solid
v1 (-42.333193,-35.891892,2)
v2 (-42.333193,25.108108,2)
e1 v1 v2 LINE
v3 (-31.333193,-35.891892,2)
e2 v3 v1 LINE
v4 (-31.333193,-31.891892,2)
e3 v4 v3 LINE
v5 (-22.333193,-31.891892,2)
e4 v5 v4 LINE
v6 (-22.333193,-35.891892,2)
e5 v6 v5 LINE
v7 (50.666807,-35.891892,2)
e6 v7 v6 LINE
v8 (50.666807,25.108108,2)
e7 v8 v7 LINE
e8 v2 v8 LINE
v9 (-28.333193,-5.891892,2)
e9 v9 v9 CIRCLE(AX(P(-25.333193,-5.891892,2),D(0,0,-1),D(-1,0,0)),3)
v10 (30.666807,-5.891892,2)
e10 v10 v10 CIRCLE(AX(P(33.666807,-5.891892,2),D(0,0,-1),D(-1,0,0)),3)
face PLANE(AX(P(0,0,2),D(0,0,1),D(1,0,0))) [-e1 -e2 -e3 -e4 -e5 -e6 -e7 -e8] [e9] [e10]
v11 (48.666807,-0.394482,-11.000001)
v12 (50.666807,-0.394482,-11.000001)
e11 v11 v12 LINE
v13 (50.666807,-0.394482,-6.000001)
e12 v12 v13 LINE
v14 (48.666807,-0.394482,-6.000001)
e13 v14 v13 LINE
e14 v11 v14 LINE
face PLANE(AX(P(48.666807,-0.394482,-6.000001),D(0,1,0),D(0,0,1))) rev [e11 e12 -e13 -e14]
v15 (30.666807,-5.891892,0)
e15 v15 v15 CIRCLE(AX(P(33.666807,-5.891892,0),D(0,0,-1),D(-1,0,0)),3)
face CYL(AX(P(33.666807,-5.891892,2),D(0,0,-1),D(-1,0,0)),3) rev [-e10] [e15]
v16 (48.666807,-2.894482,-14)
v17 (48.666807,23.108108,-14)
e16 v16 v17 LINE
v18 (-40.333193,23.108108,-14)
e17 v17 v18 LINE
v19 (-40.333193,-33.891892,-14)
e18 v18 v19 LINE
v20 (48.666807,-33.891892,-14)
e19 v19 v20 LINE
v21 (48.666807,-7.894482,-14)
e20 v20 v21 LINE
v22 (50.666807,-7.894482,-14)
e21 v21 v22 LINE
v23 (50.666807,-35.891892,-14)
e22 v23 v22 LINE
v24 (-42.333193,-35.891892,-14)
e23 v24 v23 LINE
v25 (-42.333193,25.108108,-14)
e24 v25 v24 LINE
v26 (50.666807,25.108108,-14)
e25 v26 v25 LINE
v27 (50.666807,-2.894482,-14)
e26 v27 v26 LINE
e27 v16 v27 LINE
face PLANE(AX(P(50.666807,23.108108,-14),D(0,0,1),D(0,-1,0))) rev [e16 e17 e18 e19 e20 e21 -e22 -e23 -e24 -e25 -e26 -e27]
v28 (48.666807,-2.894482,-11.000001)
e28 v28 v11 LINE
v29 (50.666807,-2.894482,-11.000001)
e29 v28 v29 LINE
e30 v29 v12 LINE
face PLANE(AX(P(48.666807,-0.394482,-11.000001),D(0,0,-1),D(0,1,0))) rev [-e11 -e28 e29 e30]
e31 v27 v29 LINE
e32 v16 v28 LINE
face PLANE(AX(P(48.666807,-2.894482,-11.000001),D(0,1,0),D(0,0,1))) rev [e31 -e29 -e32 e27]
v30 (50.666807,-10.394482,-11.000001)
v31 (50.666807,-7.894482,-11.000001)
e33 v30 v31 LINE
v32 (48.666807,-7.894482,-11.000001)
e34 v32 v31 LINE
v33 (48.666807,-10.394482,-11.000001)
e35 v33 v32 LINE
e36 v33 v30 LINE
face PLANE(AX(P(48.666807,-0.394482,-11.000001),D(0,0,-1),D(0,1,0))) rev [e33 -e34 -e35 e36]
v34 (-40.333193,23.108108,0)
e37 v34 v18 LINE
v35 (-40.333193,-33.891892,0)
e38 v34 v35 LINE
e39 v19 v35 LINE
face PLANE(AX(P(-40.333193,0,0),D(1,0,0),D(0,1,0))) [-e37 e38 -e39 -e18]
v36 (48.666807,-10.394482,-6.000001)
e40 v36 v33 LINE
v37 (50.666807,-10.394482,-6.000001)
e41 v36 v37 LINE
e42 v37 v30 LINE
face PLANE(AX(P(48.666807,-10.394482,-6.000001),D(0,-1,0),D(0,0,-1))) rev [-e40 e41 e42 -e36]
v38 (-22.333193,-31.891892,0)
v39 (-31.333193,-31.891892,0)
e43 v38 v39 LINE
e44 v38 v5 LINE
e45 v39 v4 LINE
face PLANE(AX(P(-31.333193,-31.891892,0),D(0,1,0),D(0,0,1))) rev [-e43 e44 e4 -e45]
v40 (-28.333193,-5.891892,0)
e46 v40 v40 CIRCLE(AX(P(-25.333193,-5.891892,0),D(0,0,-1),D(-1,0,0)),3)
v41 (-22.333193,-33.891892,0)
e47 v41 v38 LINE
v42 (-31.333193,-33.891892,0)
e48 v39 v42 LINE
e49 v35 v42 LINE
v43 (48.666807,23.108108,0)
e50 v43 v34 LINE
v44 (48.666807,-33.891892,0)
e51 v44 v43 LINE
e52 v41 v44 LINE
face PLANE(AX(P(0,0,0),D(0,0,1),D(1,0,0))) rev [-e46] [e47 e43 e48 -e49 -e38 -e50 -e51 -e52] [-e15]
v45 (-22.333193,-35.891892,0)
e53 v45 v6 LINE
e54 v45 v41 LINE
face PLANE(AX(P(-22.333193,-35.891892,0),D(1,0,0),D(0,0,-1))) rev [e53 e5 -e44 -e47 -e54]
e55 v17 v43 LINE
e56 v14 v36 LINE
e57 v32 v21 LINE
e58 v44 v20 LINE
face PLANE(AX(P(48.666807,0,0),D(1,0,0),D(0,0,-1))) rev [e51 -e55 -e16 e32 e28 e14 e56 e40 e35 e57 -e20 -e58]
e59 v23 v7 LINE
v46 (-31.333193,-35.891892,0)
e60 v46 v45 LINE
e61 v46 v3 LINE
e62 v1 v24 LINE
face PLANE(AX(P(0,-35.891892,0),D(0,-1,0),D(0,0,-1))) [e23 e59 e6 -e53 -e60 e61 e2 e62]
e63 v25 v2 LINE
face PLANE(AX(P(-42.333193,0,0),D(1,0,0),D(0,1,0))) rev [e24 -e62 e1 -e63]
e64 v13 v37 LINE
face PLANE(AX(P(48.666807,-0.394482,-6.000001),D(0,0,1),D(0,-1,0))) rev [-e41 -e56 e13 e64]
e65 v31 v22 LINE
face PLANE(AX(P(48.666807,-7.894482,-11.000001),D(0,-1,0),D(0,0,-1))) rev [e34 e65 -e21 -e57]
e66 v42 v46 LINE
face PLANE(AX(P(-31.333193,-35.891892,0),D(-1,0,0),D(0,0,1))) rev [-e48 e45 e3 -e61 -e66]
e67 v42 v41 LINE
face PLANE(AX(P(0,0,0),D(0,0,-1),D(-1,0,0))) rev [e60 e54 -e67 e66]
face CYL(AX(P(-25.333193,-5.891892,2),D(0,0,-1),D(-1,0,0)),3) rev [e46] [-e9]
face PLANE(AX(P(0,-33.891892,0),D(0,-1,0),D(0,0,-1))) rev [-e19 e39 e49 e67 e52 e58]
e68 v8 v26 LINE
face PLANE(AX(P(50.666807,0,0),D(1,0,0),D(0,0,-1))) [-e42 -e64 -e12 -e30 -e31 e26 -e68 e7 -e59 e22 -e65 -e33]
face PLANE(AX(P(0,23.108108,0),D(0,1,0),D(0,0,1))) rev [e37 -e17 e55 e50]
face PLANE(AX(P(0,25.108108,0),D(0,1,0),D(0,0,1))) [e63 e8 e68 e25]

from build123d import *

# Parameters (mm, degrees)
ESQUISSE1_W             = 89
ESQUISSE1_H             = 57
BOSS_EXTRU_1_DEPTH      = 2
ESQUISSE2_W             = 16
ESQUISSE2_H             = 57
BOSS_EXTRU_2_DEPTH      = 2
ESQUISSE3_W             = 16
ESQUISSE3_H             = 57
BOSS_EXTRU_3_DEPTH      = 2
ESQUISSE4_W             = 93
ESQUISSE4_H             = 16
BOSS_EXTRU_4_DEPTH      = 2
ESQUISSE5_W             = 93
ESQUISSE5_H             = 16
BOSS_EXTRU_5_DEPTH      = 2
ESQUISSE6_R             = 3
ENL_V_MAT_EXTRU_1_DEPTH = 2
ESQUISSE7_R             = 3
ENL_V_MAT_EXTRU_2_DEPTH = 2
ESQUISSE11_W            = 5
ESQUISSE11_H            = 10
ENL_V_MAT_EXTRU_3_DEPTH = 2
ESQUISSE13_W            = 2.999998882
ESQUISSE13_H            = 5
ENL_V_MAT_EXTRU_4_DEPTH = 2
ESQUISSE14_W            = 9
ESQUISSE14_H            = 4
ENL_V_MAT_EXTRU_7_DEPTH = 2


with BuildPart() as part:
    # Esquisse1 → Boss.-Extru.1 (new body)
    with BuildSketch(Plane.XY):
        with Locations((4.166807432, -5.391891892)):
            Rectangle(ESQUISSE1_W, ESQUISSE1_H)
    extrude(amount=BOSS_EXTRU_1_DEPTH)

    # Esquisse2 → Boss.-Extru.2 (add)
    with BuildSketch(Plane(origin=(48.666807432, 0, 0), x_dir=(0, 0, -1), z_dir=(1, 0, 0))):
        with Locations((6, -5.391891892)):
            Rectangle(ESQUISSE2_W, ESQUISSE2_H)
    extrude(amount=BOSS_EXTRU_2_DEPTH)

    # Esquisse3 → Boss.-Extru.3 (add)
    with BuildSketch(Plane.ZY.offset(40.333192568)):
        with Locations((-6, -5.391891892)):
            Rectangle(ESQUISSE3_W, ESQUISSE3_H)
    extrude(amount=BOSS_EXTRU_3_DEPTH)

    # Esquisse4 → Boss.-Extru.4 (add)
    with BuildSketch(Plane.XZ.offset(33.891891892)):
        with Locations((4.166807432, -6)):
            Rectangle(ESQUISSE4_W, ESQUISSE4_H)
    extrude(amount=BOSS_EXTRU_4_DEPTH)

    # Esquisse5 → Boss.-Extru.5 (add)
    with BuildSketch(Plane(origin=(0, 23.108108108, 0), x_dir=(1, 0, 0), z_dir=(0, 1, 0))):
        with Locations((4.166807432, 6)):
            Rectangle(ESQUISSE5_W, ESQUISSE5_H)
    extrude(amount=BOSS_EXTRU_5_DEPTH)

    # Esquisse6 → Enlèv. mat.-Extru.1 (cut)
    with BuildSketch(Plane(origin=(0, 0, 0), x_dir=(-1, 0, 0), z_dir=(0, 0, -1))):
        with Locations((25.333192568, -5.891891892)):
            Circle(ESQUISSE6_R)
    extrude(amount=-ENL_V_MAT_EXTRU_1_DEPTH, mode=Mode.SUBTRACT)

    # Esquisse7 → Enlèv. mat.-Extru.2 (cut)
    with BuildSketch(Plane(origin=(0, 0, 0), x_dir=(-1, 0, 0), z_dir=(0, 0, -1))):
        with Locations((-33.666807432, -5.891891892)):
            Circle(ESQUISSE7_R)
    extrude(amount=-ENL_V_MAT_EXTRU_2_DEPTH, mode=Mode.SUBTRACT)

    # Esquisse11 → Enlèv. mat.-Extru.3 (cut)
    with BuildSketch(Plane(origin=(50.666807432, 0, 0), x_dir=(0, 0, -1), z_dir=(1, 0, 0))):
        with Locations((8.500001118, -5.394481666)):
            Rectangle(ESQUISSE11_W, ESQUISSE11_H)
    extrude(amount=-ENL_V_MAT_EXTRU_3_DEPTH, mode=Mode.SUBTRACT)

    # Esquisse13 → Enlèv. mat.-Extru.4 (cut)
    with BuildSketch(Plane(origin=(50.666807432, 0, 0), x_dir=(0, 0, -1), z_dir=(1, 0, 0))):
        with Locations((12.500000559, -5.394481666)):
            Rectangle(ESQUISSE13_W, ESQUISSE13_H)
    extrude(amount=-ENL_V_MAT_EXTRU_4_DEPTH, mode=Mode.SUBTRACT)

    # Esquisse14 → Enlèv. mat.-Extru.7 (cut)
    with BuildSketch(Plane.XY.offset(2)):
        with Locations((-26.833192568, -33.891891892)):
            Rectangle(ESQUISSE14_W, ESQUISSE14_H)
    extrude(amount=-ENL_V_MAT_EXTRU_7_DEPTH, mode=Mode.SUBTRACT)


solid = part.part
